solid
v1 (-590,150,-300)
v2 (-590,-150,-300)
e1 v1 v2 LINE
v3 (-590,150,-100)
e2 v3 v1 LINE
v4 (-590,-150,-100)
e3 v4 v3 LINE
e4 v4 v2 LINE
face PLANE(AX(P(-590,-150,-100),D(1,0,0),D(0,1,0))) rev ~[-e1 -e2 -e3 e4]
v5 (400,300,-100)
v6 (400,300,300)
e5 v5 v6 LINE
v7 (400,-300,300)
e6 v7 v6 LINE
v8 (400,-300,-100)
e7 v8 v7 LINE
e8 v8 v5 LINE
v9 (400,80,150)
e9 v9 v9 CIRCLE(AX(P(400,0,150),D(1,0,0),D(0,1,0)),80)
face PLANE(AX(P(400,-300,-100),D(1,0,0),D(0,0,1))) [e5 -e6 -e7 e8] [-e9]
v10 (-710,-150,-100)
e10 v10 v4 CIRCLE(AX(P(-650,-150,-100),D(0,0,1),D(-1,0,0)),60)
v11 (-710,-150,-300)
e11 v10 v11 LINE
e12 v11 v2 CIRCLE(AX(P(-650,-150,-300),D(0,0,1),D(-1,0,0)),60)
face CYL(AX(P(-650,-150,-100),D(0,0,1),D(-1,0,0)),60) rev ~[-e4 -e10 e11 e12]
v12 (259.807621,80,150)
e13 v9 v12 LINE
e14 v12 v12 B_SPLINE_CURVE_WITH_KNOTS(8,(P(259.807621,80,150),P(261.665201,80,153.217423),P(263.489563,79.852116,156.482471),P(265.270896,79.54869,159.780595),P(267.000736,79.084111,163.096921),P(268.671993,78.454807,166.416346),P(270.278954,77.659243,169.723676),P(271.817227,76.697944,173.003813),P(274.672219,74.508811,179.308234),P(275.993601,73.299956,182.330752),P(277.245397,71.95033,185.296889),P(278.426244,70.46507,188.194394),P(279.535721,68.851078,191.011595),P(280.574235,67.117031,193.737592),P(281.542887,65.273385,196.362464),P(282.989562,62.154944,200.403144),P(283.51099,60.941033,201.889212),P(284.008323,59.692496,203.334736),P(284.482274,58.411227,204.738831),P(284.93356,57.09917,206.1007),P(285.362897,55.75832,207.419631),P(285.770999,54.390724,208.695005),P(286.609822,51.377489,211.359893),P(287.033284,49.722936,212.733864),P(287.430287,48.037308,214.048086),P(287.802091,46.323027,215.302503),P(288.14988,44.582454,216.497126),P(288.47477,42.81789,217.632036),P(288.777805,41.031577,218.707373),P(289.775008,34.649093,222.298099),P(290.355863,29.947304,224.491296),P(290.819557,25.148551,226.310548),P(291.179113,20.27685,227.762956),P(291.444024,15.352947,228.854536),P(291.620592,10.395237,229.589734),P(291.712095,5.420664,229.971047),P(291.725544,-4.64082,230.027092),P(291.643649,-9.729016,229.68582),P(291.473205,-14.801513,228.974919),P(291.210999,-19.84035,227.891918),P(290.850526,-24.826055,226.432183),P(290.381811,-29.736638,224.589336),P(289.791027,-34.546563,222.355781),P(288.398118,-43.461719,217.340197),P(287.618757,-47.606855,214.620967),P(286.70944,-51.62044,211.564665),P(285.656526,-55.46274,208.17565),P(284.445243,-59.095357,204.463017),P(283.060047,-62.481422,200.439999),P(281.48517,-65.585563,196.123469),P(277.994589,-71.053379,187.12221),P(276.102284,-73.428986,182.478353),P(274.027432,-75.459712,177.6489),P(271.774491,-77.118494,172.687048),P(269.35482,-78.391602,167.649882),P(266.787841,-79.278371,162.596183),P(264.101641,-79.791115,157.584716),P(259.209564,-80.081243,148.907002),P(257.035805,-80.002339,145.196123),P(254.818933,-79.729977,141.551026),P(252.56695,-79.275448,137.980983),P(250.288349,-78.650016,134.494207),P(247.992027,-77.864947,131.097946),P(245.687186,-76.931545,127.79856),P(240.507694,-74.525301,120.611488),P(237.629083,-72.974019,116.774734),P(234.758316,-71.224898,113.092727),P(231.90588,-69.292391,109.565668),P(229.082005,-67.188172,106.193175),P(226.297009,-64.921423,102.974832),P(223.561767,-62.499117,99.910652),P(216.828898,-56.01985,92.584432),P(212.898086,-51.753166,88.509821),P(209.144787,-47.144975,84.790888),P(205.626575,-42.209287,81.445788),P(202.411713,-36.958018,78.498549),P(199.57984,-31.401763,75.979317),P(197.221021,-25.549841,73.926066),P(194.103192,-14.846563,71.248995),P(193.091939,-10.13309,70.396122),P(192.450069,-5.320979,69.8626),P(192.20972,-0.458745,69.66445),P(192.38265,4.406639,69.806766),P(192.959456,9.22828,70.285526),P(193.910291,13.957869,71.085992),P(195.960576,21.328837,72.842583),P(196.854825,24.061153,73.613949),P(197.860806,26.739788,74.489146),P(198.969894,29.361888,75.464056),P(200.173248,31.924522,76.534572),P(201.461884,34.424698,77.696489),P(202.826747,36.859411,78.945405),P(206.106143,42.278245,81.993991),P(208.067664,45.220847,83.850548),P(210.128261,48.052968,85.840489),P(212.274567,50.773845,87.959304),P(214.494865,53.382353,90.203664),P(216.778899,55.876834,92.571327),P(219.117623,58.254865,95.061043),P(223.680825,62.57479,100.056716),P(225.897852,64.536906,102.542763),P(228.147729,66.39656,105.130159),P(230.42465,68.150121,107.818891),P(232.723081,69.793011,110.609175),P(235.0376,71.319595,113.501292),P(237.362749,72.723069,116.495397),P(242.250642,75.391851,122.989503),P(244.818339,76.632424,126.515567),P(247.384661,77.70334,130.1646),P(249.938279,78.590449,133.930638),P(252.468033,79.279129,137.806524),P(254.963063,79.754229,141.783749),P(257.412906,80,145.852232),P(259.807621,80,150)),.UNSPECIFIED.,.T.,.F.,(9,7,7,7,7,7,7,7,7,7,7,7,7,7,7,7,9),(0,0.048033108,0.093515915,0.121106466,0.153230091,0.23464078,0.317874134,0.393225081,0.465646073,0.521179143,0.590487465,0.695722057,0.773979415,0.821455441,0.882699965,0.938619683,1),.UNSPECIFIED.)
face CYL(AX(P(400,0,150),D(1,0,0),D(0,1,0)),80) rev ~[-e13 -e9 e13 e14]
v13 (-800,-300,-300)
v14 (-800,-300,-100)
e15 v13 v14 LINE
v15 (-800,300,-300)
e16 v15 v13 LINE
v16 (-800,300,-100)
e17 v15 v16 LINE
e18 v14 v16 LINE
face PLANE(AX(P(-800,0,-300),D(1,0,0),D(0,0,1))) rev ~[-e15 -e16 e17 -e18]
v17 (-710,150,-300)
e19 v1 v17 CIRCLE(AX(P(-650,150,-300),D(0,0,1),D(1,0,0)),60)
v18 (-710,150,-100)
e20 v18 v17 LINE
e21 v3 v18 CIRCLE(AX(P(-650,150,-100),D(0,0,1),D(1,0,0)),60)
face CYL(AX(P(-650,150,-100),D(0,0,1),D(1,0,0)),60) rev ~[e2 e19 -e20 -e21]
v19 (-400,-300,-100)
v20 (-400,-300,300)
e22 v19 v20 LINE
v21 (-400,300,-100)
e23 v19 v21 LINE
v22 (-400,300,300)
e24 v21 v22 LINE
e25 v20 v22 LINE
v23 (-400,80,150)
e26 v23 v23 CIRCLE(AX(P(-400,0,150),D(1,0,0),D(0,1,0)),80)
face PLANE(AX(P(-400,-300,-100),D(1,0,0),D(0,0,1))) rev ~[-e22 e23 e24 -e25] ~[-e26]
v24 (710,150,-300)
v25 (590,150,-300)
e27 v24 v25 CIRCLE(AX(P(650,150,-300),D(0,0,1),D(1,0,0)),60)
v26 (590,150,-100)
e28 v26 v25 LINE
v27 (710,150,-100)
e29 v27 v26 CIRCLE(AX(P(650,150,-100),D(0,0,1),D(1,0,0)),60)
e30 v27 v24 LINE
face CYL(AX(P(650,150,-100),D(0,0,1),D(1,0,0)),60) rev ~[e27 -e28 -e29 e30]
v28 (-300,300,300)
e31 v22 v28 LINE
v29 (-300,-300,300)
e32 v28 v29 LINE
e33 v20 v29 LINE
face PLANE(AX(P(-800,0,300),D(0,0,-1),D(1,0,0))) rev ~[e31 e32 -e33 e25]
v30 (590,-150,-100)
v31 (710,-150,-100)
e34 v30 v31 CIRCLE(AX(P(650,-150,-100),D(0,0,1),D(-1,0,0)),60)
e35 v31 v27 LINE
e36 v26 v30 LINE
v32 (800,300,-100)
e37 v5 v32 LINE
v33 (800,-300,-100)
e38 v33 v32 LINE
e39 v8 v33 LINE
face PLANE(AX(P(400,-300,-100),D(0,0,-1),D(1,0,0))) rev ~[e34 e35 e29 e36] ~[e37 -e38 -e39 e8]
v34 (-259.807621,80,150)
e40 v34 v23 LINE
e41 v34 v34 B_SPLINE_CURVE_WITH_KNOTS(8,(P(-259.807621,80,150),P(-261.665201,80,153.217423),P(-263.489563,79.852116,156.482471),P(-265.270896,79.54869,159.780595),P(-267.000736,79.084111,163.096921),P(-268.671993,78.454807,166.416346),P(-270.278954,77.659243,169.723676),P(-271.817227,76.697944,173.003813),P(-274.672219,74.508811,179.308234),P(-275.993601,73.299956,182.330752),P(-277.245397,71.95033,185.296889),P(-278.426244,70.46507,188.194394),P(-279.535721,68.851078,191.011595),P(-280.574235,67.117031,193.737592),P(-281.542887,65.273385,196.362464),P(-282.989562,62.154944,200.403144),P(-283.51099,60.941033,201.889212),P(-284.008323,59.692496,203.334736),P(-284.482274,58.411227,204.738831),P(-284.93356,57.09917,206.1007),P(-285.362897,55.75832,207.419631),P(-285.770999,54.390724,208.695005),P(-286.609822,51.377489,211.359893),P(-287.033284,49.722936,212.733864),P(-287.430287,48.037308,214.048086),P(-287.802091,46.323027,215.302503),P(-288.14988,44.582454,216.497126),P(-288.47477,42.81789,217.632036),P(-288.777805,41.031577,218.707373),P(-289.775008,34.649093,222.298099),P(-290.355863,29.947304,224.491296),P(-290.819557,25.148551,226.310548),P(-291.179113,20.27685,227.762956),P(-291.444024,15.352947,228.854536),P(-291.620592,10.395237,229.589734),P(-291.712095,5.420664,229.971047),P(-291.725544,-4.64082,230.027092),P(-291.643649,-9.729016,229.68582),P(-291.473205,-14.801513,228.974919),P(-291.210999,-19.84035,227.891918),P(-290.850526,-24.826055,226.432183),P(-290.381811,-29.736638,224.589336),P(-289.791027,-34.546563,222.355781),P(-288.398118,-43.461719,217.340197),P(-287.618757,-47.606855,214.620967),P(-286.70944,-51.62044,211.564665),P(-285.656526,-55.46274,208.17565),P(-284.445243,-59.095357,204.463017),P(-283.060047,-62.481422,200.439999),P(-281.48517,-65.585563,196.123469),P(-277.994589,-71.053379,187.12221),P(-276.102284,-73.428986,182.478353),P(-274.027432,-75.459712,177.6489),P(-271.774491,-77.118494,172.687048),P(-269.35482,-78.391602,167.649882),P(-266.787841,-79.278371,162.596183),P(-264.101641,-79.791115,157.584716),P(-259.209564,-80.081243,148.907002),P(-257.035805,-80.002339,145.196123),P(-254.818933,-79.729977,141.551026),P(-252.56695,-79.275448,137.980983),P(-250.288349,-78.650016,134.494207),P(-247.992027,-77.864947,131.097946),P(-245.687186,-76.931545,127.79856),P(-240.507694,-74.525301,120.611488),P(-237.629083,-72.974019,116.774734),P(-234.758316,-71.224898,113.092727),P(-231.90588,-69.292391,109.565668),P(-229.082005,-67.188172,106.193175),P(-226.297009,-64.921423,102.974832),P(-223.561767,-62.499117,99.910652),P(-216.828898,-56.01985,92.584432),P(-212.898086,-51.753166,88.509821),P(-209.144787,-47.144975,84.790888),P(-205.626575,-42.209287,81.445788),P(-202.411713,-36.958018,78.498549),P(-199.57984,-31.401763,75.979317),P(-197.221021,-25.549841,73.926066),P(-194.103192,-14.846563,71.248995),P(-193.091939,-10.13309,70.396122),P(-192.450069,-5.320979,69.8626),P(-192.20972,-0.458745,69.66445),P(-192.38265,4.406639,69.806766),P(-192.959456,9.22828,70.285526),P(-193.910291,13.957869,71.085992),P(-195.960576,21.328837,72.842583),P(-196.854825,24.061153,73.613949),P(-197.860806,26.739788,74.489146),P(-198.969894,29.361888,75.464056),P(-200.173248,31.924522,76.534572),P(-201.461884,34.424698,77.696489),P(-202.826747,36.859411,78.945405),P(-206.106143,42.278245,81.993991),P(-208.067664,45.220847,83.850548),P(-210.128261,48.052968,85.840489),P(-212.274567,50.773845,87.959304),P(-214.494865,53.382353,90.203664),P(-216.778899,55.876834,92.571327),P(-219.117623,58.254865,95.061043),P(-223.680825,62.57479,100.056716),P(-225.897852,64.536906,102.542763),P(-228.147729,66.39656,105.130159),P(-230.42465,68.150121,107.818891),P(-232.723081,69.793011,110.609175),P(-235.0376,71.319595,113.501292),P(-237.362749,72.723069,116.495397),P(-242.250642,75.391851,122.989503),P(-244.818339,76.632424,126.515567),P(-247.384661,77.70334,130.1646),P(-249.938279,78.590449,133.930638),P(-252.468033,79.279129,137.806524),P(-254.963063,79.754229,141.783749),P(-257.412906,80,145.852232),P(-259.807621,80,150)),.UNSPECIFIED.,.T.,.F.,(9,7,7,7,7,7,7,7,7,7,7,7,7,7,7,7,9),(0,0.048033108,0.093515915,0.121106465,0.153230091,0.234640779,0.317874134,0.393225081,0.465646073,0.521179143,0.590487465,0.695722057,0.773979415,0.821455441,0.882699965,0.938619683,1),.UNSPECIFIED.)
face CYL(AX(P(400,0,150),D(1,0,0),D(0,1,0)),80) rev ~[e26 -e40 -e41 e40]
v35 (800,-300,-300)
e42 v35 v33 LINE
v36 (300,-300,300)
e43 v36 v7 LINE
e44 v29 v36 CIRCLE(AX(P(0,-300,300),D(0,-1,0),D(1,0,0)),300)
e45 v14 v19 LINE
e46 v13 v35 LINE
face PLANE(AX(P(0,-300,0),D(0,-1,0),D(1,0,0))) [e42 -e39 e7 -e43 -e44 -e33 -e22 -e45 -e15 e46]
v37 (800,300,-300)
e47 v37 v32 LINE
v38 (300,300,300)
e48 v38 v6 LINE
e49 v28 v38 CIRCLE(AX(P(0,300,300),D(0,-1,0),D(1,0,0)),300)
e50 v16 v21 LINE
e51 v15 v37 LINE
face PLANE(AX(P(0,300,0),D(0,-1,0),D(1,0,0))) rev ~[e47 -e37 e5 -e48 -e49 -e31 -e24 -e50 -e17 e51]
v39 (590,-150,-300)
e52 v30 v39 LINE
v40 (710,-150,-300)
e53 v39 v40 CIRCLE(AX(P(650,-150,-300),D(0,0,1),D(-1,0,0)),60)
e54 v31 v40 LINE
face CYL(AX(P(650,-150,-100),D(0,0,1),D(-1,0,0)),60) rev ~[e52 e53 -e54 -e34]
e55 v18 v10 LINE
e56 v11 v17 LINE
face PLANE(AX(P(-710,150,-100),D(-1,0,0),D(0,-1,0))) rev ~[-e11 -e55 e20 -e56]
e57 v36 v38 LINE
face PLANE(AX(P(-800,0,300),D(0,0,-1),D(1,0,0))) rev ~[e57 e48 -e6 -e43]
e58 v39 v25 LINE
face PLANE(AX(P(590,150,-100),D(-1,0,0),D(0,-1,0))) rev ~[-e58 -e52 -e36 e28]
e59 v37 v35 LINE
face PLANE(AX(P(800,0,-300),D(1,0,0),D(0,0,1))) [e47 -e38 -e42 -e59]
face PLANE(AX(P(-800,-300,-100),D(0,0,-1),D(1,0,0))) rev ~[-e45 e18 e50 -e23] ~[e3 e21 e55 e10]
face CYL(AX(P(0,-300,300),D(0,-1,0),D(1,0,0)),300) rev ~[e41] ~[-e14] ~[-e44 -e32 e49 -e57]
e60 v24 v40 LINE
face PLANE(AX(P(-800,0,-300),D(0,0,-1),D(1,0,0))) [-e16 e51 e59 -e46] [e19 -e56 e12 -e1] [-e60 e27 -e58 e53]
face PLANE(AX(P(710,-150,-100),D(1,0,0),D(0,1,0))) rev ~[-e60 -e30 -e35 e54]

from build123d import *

# Parameters (mm, degrees)
F0_W     = 1600
F0_H     = 600
F1_DEPTH = 300
F2_R     = 300
F3_DEPTH = 600
F4_W     = 400
F4_H     = 400
F5_DEPTH = 600.001
F7_DEPTH = 200.001
F8_R     = 80
F9_DEPTH = 1200.001


with BuildPart() as f1:
    # F0 (on Front) → F1 (new body, symmetric)
    with BuildSketch(Plane.XZ):
        Rectangle(F0_W, F0_H)
    extrude(amount=F1_DEPTH, both=True)

    # F2 (on face) → F3 (cut)
    with BuildSketch(Plane.XZ.offset(300)):
        with Locations((0, 300)):
            Circle(F2_R)
    extrude(amount=-F3_DEPTH, mode=Mode.SUBTRACT)

    # F4 (on face) → F5 (cut, through all)
    with BuildSketch(Plane.XZ.offset(300)):
        with Locations((-600, 100)):
            Rectangle(F4_W, F4_H)
        with Locations((600, 100)):
            Rectangle(F4_W, F4_H)
    extrude(amount=-F5_DEPTH, mode=Mode.SUBTRACT)

    # F6 (on face) → F7 (cut, through all)
    with BuildSketch(Plane.XY.offset(-100)):
        with BuildLine():
            ThreePointArc((590, -150), (650, -210), (710, -150))
            Line((710, -150), (590, -150))
        make_face()
        with BuildLine():
            ThreePointArc((590, -150), (650, -90), (710, -150))
            Line((710, -150), (710, 150))
            ThreePointArc((710, 150), (650, 90), (590, 150))
            Line((590, 150), (590, -150))
        make_face()
        with BuildLine():
            Line((590, -150), (710, -150))
            ThreePointArc((710, -150), (650, -90), (590, -150))
        make_face()
        with BuildLine():
            ThreePointArc((590, 150), (650, 90), (710, 150))
            Line((710, 150), (590, 150))
        make_face()
        with BuildLine():
            Line((590, 150), (710, 150))
            ThreePointArc((710, 150), (650, 210), (590, 150))
        make_face()
        with BuildLine():
            ThreePointArc((-710, -150), (-650, -210), (-590, -150))
            Line((-590, -150), (-710, -150))
        make_face()
        with BuildLine():
            ThreePointArc((-710, -150), (-650, -90), (-590, -150))
            Line((-590, -150), (-590, 150))
            ThreePointArc((-590, 150), (-650, 90), (-710, 150))
            Line((-710, 150), (-710, -150))
        make_face()
        with BuildLine():
            Line((-710, -150), (-590, -150))
            ThreePointArc((-590, -150), (-650, -90), (-710, -150))
        make_face()
        with BuildLine():
            ThreePointArc((-710, 150), (-650, 90), (-590, 150))
            Line((-590, 150), (-710, 150))
        make_face()
        with BuildLine():
            Line((-710, 150), (-590, 150))
            ThreePointArc((-590, 150), (-650, 210), (-710, 150))
        make_face()
    extrude(amount=-F7_DEPTH, mode=Mode.SUBTRACT)

    # F8 (on face) → F9 (cut, through all)
    with BuildSketch(Plane.YZ.offset(400)):
        with Locations((0, 150)):
            Circle(F8_R)
    extrude(amount=-F9_DEPTH, mode=Mode.SUBTRACT)


solid = f1.part
